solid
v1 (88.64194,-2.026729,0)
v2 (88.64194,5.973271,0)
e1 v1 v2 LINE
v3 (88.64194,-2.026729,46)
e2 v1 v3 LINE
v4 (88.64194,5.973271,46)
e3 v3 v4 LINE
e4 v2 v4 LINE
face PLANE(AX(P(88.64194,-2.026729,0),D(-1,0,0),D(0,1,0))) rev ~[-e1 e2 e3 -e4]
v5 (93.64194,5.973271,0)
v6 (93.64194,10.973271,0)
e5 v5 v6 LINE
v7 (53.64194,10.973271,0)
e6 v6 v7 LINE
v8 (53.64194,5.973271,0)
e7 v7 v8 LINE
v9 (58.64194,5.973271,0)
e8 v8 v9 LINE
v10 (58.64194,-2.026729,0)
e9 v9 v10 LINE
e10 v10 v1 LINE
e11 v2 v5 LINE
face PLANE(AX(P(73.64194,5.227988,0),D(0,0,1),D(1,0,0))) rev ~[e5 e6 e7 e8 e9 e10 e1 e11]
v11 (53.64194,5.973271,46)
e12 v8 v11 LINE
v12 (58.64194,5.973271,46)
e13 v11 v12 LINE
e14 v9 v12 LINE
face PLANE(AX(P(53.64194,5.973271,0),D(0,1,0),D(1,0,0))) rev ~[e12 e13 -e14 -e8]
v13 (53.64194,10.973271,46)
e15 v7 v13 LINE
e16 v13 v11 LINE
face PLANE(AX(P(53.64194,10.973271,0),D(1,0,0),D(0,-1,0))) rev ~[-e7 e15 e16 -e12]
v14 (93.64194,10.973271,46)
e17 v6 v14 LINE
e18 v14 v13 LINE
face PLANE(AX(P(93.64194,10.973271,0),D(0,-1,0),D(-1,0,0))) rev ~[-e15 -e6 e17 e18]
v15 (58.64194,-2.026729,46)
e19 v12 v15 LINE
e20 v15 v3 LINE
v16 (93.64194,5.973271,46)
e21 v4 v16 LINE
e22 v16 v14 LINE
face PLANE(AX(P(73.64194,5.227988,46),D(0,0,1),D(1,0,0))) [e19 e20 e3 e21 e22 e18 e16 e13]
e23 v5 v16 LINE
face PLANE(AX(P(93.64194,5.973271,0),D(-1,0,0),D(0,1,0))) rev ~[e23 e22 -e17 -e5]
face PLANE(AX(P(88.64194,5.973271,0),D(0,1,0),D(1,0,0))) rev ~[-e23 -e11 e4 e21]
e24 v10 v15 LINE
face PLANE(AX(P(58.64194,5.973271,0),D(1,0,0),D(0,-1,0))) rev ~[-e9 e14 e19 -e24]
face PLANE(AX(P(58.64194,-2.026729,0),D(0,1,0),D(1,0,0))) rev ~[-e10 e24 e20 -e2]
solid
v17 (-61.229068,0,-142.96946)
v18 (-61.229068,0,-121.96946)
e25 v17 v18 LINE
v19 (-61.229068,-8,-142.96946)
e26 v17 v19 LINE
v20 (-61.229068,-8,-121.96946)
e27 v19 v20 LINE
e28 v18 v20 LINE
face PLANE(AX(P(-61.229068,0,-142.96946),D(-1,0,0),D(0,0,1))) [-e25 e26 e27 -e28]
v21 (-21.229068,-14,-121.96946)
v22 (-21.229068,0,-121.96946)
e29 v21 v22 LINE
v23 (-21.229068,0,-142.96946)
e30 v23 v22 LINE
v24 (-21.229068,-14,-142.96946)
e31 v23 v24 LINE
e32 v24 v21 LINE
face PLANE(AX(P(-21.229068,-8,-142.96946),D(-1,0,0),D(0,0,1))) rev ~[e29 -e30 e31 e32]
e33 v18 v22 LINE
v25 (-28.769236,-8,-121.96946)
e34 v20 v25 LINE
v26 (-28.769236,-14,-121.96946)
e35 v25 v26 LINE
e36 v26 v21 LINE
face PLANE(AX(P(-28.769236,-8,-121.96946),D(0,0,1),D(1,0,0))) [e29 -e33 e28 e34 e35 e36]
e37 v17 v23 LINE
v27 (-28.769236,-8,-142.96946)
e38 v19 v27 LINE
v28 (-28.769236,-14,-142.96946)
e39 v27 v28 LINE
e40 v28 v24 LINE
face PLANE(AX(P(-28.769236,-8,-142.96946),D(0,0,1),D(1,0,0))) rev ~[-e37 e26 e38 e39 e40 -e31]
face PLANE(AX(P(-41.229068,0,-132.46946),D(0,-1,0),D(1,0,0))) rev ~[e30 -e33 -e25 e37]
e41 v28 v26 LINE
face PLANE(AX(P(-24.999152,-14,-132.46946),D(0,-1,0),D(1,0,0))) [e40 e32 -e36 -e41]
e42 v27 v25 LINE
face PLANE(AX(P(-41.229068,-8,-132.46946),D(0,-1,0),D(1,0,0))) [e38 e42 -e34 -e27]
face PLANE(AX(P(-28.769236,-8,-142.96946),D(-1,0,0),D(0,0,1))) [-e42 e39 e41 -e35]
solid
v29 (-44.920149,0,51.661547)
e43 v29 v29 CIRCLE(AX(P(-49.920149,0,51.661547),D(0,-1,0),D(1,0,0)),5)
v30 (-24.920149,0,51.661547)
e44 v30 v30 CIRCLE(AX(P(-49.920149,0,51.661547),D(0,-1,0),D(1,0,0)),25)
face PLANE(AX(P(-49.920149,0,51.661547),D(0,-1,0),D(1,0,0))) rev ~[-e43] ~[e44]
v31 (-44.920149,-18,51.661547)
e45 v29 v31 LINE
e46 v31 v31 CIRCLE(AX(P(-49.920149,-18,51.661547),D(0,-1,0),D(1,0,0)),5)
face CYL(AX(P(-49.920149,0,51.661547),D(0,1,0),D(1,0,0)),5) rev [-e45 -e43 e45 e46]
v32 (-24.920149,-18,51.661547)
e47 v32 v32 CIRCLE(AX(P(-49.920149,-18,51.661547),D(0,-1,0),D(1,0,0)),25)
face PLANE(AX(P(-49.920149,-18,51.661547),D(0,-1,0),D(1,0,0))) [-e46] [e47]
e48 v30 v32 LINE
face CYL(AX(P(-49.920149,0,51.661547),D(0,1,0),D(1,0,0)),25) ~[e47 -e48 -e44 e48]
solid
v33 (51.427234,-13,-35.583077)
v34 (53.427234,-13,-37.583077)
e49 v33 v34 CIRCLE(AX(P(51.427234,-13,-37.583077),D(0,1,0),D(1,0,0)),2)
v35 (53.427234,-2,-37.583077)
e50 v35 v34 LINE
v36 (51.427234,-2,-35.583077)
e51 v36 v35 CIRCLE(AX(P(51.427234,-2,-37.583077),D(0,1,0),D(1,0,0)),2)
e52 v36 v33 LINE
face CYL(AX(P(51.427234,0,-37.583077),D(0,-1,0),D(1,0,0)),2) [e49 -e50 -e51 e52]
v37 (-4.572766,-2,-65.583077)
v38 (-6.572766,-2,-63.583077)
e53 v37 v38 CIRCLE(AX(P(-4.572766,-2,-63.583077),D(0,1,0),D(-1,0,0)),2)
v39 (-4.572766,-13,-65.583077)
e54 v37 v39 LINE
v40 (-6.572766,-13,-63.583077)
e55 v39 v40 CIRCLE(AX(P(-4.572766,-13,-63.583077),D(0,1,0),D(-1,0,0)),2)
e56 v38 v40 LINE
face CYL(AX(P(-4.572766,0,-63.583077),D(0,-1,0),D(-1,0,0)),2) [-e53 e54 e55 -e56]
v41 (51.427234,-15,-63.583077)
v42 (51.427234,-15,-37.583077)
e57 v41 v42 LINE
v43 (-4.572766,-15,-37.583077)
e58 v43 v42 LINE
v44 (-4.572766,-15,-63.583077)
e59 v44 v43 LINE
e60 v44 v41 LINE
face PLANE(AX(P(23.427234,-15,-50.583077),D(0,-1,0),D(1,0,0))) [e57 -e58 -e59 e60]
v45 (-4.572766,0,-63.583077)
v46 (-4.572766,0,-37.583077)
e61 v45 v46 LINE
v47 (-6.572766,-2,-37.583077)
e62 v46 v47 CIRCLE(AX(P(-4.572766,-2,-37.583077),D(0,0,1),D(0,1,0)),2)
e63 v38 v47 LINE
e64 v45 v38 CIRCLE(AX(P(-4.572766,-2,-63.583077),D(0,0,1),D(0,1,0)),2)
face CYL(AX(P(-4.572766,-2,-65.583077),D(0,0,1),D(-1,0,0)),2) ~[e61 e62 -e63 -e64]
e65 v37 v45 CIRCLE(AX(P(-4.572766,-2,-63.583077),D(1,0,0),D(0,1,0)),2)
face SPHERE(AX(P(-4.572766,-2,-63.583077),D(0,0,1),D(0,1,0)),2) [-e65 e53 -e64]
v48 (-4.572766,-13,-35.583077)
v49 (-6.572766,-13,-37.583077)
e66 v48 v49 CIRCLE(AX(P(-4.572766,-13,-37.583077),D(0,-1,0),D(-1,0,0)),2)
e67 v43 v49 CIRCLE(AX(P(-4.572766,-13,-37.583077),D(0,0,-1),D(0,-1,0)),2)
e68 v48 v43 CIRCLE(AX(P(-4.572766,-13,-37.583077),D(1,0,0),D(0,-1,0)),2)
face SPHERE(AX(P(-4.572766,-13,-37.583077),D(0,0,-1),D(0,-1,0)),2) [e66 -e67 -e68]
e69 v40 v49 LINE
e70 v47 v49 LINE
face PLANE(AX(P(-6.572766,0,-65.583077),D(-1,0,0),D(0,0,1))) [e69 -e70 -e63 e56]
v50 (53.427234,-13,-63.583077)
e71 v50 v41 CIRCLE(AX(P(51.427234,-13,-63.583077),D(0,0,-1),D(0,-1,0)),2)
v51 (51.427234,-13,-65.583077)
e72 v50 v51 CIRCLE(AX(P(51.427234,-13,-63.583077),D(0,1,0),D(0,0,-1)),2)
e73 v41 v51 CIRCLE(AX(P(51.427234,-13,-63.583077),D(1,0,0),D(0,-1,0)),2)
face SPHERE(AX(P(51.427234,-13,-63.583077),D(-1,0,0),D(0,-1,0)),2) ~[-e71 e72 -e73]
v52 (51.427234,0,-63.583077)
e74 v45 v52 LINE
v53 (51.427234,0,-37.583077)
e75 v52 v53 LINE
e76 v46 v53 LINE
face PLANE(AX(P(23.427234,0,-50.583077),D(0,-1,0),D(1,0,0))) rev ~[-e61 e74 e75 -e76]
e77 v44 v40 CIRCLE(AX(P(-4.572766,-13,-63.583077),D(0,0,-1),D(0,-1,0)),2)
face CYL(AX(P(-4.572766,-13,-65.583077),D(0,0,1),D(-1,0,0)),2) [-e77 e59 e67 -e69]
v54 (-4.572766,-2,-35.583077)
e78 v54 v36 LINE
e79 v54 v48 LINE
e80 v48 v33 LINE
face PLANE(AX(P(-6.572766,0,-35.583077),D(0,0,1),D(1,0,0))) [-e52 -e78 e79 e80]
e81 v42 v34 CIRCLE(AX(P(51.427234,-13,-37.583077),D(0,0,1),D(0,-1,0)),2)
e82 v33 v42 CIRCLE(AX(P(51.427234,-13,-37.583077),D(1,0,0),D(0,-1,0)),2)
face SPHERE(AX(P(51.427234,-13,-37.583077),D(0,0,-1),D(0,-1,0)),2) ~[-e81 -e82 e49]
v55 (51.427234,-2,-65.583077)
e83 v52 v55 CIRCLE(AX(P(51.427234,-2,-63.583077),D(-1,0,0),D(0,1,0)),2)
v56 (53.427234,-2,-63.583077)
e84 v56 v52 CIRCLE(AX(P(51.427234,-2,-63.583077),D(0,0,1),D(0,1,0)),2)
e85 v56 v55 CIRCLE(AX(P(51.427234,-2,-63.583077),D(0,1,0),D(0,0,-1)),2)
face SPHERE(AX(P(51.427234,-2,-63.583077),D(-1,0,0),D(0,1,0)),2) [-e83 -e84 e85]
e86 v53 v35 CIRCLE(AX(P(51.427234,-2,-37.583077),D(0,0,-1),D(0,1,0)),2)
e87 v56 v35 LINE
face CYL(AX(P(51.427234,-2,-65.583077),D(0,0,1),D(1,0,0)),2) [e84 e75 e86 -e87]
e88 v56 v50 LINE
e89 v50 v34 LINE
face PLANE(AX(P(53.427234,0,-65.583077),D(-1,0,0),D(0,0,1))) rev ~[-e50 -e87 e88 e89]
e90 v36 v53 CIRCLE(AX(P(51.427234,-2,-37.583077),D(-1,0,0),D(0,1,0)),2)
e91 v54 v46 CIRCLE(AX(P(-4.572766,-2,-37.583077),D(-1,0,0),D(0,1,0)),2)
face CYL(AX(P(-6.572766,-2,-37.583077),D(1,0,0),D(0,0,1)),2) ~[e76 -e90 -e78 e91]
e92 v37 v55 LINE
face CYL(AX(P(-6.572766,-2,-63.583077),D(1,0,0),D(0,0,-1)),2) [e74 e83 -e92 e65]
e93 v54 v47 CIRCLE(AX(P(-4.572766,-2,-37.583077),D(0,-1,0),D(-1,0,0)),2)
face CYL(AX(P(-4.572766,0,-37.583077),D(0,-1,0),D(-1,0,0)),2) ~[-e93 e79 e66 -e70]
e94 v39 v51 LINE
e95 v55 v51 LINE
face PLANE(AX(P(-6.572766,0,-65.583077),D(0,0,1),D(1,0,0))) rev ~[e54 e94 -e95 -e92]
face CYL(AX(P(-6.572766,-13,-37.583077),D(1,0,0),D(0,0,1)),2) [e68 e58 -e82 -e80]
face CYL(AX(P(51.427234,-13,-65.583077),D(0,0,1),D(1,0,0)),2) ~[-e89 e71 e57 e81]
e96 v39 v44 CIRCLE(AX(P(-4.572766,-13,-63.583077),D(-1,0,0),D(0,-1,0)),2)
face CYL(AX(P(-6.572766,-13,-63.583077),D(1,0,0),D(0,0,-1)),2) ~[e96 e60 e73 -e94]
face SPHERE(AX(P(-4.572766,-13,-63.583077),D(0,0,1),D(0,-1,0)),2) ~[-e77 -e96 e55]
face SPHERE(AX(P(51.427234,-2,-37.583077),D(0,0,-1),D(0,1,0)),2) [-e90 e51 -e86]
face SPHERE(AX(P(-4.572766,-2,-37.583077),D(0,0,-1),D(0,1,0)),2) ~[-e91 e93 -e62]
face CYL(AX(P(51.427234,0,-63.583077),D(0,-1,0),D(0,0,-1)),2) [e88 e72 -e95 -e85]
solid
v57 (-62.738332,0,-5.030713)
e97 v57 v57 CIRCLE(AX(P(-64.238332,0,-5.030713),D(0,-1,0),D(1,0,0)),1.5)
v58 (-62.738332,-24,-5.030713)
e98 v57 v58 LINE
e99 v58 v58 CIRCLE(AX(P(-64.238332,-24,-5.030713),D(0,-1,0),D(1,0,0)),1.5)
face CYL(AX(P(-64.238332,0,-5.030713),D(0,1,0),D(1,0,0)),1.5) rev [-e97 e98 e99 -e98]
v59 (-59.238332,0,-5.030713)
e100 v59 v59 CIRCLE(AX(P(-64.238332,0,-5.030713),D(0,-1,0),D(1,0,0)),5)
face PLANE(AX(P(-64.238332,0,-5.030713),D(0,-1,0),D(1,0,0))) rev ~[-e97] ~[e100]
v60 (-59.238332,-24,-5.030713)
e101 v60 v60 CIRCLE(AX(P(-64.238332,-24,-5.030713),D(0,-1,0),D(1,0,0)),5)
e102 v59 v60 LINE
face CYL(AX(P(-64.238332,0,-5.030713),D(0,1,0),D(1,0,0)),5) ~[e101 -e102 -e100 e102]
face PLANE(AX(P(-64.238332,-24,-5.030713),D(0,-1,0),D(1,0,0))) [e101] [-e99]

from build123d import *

# Parameters (mm, degrees)
F0_R      = 25
F0_R_2    = 5
F1_DEPTH  = 18
F2_R      = 5
F2_R_2    = 1.5
F3_DEPTH  = 24
F4_W      = 60
F4_H      = 30
F5_DEPTH  = 15
F6_R      = 2
F7_W      = 40
F7_H      = 21
F8_DEPTH  = 8
F9_W      = 7.540168
F9_H      = 21
F10_DEPTH = 6
F12_DEPTH = 46


with BuildPart() as f1:
    # F0 (on Front) → F1 (new body)
    with BuildSketch(Plane.XZ):
        with Locations((-49.920149, 51.661547)):
            Circle(F0_R)
        with Locations((-49.920149, 51.661547)):
            Circle(F0_R_2, mode=Mode.SUBTRACT)
    extrude(amount=F1_DEPTH)


with BuildPart() as f3:
    # F2 (on Front) → F3 (new body)
    with BuildSketch(Plane.XZ):
        with Locations((-64.238332, -5.030713)):
            Circle(F2_R)
        with Locations((-64.238332, -5.030713)):
            Circle(F2_R_2, mode=Mode.SUBTRACT)
    extrude(amount=F3_DEPTH)


with BuildPart() as f5:
    # F4 (on Front) → F5 (new body)
    with BuildSketch(Plane.XZ):
        with Locations((23.427234, -50.583077)):
            Rectangle(F4_W, F4_H)
    extrude(amount=F5_DEPTH)

    # F6
    f6_edges = [f5.edges().sort_by_distance(p)[0] for p in [
        (-6.572766, -15, -50.583077),
        (23.427234, -15, -65.583077),
        (53.427234, -15, -50.583077),
        (23.427234, -15, -35.583077),
        (-6.572766, 0, -50.583077),
        (23.427234, 0, -65.583077),
        (53.427234, 0, -50.583077),
        (23.427234, 0, -35.583077),
        (-6.572766, -7.5, -65.583077),
        (53.427234, -7.5, -65.583077),
        (53.427234, -7.5, -35.583077),
        (-6.572766, -7.5, -35.583077),
    ]]
    fillet(f6_edges, radius=F6_R)


with BuildPart() as f8:
    # F7 (on Front) → F8 (new body)
    with BuildSketch(Plane.XZ):
        with Locations((-41.229068, -132.46946)):
            Rectangle(F7_W, F7_H)
    extrude(amount=F8_DEPTH)

    # F9 (on face) → F10 (join)
    with BuildSketch(Plane.XZ.offset(8)):
        with Locations((-24.999152, -132.46946)):
            Rectangle(F9_W, F9_H)
    extrude(amount=F10_DEPTH)


with BuildPart() as f12:
    # F11 (on Top) → F12 (new body)
    with BuildSketch(Plane.XY):
        Polygon((93.64194, 10.973271), (53.64194, 10.973271), (53.64194, 5.973271), (58.64194, 5.973271), (58.64194, -2.026729), (88.64194, -2.026729), (88.64194, 5.973271), (93.64194, 5.973271), align=None)
    extrude(amount=F12_DEPTH)


solid = Compound([f1.part, f3.part, f5.part, f8.part, f12.part])
